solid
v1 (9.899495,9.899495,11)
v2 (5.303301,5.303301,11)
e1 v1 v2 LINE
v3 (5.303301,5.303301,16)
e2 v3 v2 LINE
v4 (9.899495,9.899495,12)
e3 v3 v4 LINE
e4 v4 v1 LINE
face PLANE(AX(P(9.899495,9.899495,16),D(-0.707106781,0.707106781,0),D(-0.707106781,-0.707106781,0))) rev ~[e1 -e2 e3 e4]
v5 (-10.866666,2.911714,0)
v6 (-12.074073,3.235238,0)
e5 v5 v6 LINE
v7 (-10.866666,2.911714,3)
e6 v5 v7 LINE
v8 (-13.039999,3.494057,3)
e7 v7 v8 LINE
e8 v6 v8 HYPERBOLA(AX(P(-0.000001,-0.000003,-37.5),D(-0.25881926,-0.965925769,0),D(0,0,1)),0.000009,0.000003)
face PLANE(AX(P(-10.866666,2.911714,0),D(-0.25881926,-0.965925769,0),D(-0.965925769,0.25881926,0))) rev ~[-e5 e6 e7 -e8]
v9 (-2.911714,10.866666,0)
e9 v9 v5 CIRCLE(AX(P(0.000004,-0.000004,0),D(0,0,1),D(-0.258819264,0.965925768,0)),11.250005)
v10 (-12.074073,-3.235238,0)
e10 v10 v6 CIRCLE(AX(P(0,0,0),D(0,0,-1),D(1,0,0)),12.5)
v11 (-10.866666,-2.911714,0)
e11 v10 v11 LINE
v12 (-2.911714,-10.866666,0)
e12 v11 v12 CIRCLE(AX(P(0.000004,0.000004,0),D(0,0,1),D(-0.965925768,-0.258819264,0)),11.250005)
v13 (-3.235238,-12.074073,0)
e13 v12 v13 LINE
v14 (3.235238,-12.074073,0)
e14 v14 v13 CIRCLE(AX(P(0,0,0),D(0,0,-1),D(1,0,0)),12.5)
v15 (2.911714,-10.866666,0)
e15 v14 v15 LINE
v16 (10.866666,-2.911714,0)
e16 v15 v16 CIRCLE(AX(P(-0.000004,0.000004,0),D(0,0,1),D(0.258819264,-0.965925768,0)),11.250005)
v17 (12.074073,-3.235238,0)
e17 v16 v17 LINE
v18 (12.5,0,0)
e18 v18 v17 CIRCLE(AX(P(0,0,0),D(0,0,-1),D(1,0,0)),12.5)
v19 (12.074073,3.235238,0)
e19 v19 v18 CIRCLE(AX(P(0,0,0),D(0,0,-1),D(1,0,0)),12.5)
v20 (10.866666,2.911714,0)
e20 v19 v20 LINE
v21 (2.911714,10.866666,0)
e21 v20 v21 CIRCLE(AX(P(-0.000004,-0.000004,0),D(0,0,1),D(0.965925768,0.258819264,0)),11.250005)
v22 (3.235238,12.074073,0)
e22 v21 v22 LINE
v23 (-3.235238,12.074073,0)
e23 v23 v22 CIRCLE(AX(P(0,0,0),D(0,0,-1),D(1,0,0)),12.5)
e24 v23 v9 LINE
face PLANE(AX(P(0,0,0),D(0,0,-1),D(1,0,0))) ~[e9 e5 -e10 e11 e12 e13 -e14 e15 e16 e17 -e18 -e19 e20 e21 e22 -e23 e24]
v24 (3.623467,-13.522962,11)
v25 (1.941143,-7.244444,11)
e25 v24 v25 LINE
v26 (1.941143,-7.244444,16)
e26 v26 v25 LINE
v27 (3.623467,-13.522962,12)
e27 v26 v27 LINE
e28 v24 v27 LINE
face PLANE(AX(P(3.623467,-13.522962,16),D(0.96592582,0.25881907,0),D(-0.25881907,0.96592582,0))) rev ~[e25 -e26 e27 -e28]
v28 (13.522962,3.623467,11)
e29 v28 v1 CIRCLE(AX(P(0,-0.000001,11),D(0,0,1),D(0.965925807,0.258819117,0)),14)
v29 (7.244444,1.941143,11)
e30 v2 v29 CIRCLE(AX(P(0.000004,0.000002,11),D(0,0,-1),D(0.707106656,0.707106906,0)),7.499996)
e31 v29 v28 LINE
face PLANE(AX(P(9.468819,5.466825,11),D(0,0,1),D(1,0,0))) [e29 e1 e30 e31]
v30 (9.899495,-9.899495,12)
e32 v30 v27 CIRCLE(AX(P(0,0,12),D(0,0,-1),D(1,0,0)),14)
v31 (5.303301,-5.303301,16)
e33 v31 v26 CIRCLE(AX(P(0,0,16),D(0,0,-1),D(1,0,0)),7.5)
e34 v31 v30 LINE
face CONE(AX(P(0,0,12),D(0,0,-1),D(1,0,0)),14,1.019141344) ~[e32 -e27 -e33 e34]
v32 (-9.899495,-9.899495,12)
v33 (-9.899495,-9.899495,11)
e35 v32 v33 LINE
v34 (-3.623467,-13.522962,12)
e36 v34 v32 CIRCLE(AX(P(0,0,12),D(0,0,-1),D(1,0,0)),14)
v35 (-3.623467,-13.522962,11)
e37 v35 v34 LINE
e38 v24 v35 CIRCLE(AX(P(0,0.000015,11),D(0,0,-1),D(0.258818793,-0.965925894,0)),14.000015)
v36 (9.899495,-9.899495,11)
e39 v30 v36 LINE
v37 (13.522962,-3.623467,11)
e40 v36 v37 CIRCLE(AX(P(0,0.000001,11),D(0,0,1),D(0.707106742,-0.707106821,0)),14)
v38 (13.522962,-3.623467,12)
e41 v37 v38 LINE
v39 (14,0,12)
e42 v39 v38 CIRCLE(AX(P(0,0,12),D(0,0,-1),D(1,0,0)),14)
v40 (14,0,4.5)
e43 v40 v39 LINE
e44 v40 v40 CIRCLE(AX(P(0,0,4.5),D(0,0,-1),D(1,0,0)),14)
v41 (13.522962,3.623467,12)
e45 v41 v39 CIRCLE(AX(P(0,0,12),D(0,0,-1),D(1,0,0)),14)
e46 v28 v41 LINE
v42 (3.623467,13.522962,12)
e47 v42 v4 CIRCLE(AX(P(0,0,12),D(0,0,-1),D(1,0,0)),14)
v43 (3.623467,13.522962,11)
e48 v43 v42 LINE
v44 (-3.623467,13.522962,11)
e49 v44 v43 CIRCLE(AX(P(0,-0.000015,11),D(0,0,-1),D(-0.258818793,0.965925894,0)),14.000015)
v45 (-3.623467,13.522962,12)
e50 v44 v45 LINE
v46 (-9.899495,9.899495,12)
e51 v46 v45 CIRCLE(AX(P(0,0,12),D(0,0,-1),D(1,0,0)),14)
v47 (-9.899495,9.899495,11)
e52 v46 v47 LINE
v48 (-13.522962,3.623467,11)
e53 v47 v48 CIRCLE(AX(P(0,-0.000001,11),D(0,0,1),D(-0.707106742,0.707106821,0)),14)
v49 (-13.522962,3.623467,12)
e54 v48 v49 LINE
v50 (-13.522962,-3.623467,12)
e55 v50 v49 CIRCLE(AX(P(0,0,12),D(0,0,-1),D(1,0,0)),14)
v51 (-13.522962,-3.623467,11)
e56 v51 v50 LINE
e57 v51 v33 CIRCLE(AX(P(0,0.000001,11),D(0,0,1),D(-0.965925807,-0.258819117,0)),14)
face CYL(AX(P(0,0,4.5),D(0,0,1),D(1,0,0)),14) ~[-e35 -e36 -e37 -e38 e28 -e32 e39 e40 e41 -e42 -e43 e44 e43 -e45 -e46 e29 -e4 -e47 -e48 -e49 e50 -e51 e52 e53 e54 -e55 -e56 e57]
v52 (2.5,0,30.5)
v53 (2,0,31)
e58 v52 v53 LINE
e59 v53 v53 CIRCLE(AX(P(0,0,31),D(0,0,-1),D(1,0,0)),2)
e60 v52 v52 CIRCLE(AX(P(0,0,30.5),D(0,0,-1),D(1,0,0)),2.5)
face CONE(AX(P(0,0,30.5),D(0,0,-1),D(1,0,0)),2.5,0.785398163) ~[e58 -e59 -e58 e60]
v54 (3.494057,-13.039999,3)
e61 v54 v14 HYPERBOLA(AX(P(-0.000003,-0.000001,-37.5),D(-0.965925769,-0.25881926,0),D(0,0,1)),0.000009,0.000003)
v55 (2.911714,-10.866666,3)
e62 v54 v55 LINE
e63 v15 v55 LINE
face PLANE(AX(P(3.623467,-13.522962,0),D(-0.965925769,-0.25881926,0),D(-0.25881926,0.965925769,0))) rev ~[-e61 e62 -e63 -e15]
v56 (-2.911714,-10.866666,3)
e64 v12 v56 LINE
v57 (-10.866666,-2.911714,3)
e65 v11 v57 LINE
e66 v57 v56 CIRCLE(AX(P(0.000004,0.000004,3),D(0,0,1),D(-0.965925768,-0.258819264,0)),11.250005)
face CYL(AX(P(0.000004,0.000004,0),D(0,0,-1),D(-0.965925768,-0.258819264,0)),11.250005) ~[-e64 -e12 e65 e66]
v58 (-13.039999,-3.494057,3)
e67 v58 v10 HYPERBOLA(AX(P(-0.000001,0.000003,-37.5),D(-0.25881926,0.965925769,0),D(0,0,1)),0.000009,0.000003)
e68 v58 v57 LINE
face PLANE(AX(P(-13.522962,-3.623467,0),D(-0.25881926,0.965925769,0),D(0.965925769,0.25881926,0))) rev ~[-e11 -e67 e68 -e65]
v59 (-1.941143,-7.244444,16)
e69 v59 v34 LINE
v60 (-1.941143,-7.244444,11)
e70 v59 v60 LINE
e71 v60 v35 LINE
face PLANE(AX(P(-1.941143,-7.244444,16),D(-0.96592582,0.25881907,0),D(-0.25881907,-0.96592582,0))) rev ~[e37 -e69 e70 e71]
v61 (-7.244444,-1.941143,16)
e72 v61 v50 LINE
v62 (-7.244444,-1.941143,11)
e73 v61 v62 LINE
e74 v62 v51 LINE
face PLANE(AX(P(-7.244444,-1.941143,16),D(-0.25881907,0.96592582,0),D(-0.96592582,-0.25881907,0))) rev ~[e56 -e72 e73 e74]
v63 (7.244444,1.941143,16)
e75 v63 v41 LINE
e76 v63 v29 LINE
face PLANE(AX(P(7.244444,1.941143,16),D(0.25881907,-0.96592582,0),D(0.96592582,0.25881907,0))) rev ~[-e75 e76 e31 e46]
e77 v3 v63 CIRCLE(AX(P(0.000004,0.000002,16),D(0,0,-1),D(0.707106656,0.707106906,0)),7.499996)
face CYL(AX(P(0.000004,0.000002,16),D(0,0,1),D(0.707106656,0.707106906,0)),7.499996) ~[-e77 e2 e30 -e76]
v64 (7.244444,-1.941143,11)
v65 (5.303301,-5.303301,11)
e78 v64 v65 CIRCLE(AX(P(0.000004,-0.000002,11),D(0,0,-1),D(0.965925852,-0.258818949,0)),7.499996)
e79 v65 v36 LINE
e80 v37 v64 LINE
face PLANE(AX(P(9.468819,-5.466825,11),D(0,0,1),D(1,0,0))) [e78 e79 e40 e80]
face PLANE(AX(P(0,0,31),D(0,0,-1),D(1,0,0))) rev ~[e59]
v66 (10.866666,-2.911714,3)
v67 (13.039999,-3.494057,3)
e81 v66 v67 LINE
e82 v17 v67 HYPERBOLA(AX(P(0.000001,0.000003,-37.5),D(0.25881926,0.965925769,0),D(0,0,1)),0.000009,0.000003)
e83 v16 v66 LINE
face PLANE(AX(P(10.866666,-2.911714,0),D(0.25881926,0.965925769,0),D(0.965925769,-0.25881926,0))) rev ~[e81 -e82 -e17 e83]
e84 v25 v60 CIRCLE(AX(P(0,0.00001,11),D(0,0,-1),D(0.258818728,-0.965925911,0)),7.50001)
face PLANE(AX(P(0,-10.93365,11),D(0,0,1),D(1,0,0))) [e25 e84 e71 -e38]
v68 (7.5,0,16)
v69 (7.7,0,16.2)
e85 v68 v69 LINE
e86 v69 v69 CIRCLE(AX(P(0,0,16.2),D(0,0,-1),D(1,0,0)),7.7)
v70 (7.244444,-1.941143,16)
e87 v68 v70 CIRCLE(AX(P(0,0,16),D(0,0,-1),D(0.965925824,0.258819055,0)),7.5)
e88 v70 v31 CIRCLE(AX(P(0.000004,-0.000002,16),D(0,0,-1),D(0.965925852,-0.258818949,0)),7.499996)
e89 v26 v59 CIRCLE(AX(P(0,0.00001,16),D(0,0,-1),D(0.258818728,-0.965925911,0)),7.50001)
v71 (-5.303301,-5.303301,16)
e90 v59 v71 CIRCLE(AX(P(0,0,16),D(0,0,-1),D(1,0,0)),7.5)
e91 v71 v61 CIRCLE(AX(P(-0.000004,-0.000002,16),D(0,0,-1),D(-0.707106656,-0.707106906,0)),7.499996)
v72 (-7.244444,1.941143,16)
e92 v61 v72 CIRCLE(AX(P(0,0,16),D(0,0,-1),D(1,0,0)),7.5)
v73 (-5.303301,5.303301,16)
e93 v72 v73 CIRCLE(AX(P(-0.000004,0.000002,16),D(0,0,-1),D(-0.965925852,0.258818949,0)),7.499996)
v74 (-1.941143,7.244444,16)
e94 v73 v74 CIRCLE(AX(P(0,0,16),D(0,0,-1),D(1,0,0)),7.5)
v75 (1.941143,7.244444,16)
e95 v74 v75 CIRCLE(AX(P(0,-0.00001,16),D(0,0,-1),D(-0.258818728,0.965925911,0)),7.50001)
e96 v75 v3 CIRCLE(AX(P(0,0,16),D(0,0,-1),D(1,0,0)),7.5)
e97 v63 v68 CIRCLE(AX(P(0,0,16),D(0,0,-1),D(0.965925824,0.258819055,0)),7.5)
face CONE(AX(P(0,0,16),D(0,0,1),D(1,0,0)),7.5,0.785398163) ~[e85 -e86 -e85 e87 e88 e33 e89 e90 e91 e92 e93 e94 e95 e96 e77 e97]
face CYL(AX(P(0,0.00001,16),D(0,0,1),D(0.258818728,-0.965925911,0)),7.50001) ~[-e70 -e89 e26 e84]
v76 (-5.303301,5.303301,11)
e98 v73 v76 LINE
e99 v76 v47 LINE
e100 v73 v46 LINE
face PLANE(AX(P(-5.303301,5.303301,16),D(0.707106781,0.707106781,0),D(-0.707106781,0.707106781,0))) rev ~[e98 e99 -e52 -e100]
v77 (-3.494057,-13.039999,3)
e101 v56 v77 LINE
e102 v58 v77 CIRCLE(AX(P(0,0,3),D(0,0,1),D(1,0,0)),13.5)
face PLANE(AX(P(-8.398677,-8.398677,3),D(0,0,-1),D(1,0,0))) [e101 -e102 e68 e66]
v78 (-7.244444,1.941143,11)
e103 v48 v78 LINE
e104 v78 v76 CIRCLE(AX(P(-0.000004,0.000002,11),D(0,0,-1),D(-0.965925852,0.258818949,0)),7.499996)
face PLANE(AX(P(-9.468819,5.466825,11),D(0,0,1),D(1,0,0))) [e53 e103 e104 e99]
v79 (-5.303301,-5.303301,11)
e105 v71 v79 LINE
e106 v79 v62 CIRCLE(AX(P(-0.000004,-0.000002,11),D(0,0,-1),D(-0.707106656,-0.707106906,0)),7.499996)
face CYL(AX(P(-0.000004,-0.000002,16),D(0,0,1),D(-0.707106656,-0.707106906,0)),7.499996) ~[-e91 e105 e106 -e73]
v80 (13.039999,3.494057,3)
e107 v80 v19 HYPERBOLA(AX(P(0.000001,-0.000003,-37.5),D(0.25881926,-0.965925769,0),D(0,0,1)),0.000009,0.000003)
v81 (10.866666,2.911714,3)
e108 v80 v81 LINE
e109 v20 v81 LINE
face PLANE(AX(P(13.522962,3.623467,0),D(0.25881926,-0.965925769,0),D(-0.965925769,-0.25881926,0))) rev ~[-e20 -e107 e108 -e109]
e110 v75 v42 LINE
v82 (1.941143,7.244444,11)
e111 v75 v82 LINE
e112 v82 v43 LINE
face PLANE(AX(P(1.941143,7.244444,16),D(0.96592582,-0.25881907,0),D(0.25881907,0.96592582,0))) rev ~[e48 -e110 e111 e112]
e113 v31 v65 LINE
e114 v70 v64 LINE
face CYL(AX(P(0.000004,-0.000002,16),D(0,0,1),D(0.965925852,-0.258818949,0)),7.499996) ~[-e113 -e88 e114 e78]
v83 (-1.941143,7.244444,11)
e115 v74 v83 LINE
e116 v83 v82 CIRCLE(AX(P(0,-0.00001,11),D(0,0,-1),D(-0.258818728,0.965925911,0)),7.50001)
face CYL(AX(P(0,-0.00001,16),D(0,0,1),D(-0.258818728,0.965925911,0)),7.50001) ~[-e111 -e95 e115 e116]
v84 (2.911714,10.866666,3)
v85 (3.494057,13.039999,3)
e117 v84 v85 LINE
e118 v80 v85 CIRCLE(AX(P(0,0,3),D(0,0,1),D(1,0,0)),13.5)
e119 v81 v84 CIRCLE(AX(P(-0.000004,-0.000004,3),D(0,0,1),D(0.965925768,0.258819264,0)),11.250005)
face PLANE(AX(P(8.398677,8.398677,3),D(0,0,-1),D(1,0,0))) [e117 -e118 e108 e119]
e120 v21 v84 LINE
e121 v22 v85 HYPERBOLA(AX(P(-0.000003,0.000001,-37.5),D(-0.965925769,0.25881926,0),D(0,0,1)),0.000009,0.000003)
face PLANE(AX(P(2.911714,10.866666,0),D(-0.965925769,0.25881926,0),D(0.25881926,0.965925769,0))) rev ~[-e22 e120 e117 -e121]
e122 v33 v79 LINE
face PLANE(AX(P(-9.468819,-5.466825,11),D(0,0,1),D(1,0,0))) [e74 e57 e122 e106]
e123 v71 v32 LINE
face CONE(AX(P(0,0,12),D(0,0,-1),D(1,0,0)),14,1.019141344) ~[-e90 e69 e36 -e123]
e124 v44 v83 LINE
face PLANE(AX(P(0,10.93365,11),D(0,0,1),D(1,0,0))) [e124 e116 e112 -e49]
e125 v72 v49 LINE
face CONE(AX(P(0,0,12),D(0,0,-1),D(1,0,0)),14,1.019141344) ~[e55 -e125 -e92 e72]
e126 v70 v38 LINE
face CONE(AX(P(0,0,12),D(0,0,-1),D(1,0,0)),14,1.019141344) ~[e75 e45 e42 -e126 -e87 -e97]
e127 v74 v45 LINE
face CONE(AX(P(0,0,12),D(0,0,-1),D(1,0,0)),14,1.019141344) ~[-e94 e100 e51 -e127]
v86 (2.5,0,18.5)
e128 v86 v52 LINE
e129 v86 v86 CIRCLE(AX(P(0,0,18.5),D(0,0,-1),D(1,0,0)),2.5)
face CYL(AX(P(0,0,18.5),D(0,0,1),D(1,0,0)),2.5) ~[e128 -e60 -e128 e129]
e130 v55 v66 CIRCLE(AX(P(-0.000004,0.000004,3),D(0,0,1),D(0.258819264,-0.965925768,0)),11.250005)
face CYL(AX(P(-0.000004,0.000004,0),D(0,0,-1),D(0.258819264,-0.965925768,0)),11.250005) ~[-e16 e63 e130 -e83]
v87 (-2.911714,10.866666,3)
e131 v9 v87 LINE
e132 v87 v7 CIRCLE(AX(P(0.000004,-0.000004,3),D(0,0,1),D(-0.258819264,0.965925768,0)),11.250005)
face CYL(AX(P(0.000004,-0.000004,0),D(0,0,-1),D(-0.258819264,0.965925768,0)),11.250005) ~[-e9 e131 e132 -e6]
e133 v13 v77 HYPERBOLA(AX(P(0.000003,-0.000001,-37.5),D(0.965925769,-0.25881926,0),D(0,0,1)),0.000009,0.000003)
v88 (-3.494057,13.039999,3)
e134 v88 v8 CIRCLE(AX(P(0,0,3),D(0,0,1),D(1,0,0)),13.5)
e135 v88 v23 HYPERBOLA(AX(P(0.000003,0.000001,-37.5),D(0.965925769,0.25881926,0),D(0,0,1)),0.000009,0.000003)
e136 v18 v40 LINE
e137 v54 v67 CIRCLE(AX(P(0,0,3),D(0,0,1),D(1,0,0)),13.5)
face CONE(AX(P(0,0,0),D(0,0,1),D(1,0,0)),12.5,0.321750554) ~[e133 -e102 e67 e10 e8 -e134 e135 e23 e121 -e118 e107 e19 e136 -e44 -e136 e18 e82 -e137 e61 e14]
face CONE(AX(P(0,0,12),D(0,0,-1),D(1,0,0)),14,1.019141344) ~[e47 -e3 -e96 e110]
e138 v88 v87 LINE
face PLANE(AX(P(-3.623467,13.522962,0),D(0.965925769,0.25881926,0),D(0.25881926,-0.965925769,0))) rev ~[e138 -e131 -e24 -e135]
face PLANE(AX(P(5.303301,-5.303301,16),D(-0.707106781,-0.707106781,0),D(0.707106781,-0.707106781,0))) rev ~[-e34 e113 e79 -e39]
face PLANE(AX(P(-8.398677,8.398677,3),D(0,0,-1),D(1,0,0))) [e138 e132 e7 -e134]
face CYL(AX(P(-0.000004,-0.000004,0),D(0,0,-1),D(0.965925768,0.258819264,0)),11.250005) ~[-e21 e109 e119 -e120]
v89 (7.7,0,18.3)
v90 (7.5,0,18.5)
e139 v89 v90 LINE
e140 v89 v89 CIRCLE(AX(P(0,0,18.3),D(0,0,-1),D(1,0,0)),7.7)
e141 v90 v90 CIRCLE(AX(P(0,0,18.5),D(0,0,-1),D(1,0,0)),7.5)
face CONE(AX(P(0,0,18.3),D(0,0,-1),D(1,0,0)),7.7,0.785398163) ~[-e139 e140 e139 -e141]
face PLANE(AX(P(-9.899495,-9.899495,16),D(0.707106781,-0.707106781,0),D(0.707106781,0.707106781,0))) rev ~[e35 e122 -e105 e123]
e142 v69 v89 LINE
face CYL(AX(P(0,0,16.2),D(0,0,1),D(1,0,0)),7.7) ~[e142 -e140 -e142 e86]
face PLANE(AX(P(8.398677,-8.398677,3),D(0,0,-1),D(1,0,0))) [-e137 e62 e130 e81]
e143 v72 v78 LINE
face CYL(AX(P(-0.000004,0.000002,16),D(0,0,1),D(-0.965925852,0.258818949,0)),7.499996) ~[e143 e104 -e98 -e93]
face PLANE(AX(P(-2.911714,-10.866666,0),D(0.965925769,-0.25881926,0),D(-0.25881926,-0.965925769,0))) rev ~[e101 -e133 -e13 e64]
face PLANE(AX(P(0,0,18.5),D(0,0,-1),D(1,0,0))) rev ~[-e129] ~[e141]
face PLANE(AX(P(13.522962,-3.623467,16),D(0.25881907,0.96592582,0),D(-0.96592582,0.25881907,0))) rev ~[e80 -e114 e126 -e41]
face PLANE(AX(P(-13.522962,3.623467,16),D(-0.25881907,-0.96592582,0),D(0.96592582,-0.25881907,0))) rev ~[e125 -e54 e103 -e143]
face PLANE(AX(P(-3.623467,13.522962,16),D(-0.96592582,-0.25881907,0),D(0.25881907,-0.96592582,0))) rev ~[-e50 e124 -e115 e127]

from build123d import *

# Parameters (mm, degrees)
F3_DEPTH = 5
F5_DEPTH = 3


with BuildPart() as f1:
    # F0 (on Front) → F1 (revolve)
    with BuildSketch(Plane.XZ):
        Polygon((0, 16), (0, 0), (12.5, 0), (14, 4.5), (14, 12), (7.5, 16), align=None)
    revolve(axis=Axis((0, 0, 8), (0, 0, -1)))

    # F2 (on face) → F3 (cut)
    with BuildSketch(Plane.XY.offset(16)):
        with BuildLine():
            ThreePointArc((-1.941143, 7.244444), (0, 7.5), (1.941143, 7.244444))
            Line((1.941143, 7.244444), (3.623467, 13.522962))
            ThreePointArc((3.623467, 13.522962), (0, 14), (-3.623467, 13.522962))
            Line((-3.623467, 13.522962), (-1.941143, 7.244444))
        make_face()
        with BuildLine():
            ThreePointArc((-7.244444, 1.941143), (-6.495191, 3.75), (-5.303301, 5.303301))
            Line((-5.303301, 5.303301), (-9.899495, 9.899495))
            ThreePointArc((-9.899495, 9.899495), (-12.124356, 7), (-13.522962, 3.623467))
            Line((-13.522962, 3.623467), (-7.244444, 1.941143))
        make_face()
        with BuildLine():
            ThreePointArc((-5.303301, -5.303301), (-6.495191, -3.75), (-7.244444, -1.941143))
            Line((-7.244444, -1.941143), (-13.522962, -3.623467))
            ThreePointArc((-13.522962, -3.623467), (-12.124356, -7), (-9.899495, -9.899495))
            Line((-9.899495, -9.899495), (-5.303301, -5.303301))
        make_face()
        with BuildLine():
            ThreePointArc((1.941143, -7.244444), (0, -7.5), (-1.941143, -7.244444))
            Line((-1.941143, -7.244444), (-3.623467, -13.522962))
            ThreePointArc((-3.623467, -13.522962), (0, -14), (3.623467, -13.522962))
            Line((3.623467, -13.522962), (1.941143, -7.244444))
        make_face()
        with BuildLine():
            ThreePointArc((7.244444, -1.941143), (6.495191, -3.75), (5.303301, -5.303301))
            Line((5.303301, -5.303301), (9.899495, -9.899495))
            ThreePointArc((9.899495, -9.899495), (12.124356, -7), (13.522962, -3.623467))
            Line((13.522962, -3.623467), (7.244444, -1.941143))
        make_face()
        with BuildLine():
            ThreePointArc((5.303301, 5.303301), (6.495191, 3.75), (7.244444, 1.941143))
            Line((7.244444, 1.941143), (13.522962, 3.623467))
            ThreePointArc((13.522962, 3.623467), (12.124356, 7), (9.899495, 9.899495))
            Line((9.899495, 9.899495), (5.303301, 5.303301))
        make_face()
    extrude(amount=-F3_DEPTH, mode=Mode.SUBTRACT)

    # F4 (on face) → F5 (cut)
    with BuildSketch(Plane(origin=(0, 0, 0), x_dir=(1, 0, 0), z_dir=(0, 0, -1))):
        with BuildLine():
            ThreePointArc((2.911714, 10.866666), (7.954951, 7.954951), (10.866666, 2.911714))
            Line((10.866666, 2.911714), (13.522962, 3.623467))
            ThreePointArc((13.522962, 3.623467), (9.899495, 9.899495), (3.623467, 13.522962))
            Line((3.623467, 13.522962), (2.911714, 10.866666))
        make_face()
        with BuildLine():
            Line((-2.911714, 10.866666), (-3.623467, 13.522962))
            ThreePointArc((-3.623467, 13.522962), (-9.899495, 9.899495), (-13.522962, 3.623467))
            Line((-13.522962, 3.623467), (-10.866666, 2.911714))
            ThreePointArc((-10.866666, 2.911714), (-7.954951, 7.954951), (-2.911714, 10.866666))
        make_face()
        with BuildLine():
            Line((-10.866666, -2.911714), (-13.522962, -3.623467))
            ThreePointArc((-13.522962, -3.623467), (-9.899495, -9.899495), (-3.623467, -13.522962))
            Line((-3.623467, -13.522962), (-2.911714, -10.866666))
            ThreePointArc((-2.911714, -10.866666), (-7.954951, -7.954951), (-10.866666, -2.911714))
        make_face()
        with BuildLine():
            Line((2.911714, -10.866666), (3.623467, -13.522962))
            ThreePointArc((3.623467, -13.522962), (9.899495, -9.899495), (13.522962, -3.623467))
            Line((13.522962, -3.623467), (10.866666, -2.911714))
            ThreePointArc((10.866666, -2.911714), (7.954951, -7.954951), (2.911714, -10.866666))
        make_face()
    extrude(amount=-F5_DEPTH, mode=Mode.SUBTRACT)

    # F6 (on Front) → F7 (revolve)
    with BuildSketch(Plane.XZ):
        Polygon((0, 31), (0, 16), (7.5, 16), (7.7, 16.2), (7.7, 18.3), (7.5, 18.5), (2.5, 18.5), (2.5, 30.5), (2, 31), align=None)
    revolve(axis=Axis((0, 0, 23.5), (0, 0, -1)))


solid = f1.part
